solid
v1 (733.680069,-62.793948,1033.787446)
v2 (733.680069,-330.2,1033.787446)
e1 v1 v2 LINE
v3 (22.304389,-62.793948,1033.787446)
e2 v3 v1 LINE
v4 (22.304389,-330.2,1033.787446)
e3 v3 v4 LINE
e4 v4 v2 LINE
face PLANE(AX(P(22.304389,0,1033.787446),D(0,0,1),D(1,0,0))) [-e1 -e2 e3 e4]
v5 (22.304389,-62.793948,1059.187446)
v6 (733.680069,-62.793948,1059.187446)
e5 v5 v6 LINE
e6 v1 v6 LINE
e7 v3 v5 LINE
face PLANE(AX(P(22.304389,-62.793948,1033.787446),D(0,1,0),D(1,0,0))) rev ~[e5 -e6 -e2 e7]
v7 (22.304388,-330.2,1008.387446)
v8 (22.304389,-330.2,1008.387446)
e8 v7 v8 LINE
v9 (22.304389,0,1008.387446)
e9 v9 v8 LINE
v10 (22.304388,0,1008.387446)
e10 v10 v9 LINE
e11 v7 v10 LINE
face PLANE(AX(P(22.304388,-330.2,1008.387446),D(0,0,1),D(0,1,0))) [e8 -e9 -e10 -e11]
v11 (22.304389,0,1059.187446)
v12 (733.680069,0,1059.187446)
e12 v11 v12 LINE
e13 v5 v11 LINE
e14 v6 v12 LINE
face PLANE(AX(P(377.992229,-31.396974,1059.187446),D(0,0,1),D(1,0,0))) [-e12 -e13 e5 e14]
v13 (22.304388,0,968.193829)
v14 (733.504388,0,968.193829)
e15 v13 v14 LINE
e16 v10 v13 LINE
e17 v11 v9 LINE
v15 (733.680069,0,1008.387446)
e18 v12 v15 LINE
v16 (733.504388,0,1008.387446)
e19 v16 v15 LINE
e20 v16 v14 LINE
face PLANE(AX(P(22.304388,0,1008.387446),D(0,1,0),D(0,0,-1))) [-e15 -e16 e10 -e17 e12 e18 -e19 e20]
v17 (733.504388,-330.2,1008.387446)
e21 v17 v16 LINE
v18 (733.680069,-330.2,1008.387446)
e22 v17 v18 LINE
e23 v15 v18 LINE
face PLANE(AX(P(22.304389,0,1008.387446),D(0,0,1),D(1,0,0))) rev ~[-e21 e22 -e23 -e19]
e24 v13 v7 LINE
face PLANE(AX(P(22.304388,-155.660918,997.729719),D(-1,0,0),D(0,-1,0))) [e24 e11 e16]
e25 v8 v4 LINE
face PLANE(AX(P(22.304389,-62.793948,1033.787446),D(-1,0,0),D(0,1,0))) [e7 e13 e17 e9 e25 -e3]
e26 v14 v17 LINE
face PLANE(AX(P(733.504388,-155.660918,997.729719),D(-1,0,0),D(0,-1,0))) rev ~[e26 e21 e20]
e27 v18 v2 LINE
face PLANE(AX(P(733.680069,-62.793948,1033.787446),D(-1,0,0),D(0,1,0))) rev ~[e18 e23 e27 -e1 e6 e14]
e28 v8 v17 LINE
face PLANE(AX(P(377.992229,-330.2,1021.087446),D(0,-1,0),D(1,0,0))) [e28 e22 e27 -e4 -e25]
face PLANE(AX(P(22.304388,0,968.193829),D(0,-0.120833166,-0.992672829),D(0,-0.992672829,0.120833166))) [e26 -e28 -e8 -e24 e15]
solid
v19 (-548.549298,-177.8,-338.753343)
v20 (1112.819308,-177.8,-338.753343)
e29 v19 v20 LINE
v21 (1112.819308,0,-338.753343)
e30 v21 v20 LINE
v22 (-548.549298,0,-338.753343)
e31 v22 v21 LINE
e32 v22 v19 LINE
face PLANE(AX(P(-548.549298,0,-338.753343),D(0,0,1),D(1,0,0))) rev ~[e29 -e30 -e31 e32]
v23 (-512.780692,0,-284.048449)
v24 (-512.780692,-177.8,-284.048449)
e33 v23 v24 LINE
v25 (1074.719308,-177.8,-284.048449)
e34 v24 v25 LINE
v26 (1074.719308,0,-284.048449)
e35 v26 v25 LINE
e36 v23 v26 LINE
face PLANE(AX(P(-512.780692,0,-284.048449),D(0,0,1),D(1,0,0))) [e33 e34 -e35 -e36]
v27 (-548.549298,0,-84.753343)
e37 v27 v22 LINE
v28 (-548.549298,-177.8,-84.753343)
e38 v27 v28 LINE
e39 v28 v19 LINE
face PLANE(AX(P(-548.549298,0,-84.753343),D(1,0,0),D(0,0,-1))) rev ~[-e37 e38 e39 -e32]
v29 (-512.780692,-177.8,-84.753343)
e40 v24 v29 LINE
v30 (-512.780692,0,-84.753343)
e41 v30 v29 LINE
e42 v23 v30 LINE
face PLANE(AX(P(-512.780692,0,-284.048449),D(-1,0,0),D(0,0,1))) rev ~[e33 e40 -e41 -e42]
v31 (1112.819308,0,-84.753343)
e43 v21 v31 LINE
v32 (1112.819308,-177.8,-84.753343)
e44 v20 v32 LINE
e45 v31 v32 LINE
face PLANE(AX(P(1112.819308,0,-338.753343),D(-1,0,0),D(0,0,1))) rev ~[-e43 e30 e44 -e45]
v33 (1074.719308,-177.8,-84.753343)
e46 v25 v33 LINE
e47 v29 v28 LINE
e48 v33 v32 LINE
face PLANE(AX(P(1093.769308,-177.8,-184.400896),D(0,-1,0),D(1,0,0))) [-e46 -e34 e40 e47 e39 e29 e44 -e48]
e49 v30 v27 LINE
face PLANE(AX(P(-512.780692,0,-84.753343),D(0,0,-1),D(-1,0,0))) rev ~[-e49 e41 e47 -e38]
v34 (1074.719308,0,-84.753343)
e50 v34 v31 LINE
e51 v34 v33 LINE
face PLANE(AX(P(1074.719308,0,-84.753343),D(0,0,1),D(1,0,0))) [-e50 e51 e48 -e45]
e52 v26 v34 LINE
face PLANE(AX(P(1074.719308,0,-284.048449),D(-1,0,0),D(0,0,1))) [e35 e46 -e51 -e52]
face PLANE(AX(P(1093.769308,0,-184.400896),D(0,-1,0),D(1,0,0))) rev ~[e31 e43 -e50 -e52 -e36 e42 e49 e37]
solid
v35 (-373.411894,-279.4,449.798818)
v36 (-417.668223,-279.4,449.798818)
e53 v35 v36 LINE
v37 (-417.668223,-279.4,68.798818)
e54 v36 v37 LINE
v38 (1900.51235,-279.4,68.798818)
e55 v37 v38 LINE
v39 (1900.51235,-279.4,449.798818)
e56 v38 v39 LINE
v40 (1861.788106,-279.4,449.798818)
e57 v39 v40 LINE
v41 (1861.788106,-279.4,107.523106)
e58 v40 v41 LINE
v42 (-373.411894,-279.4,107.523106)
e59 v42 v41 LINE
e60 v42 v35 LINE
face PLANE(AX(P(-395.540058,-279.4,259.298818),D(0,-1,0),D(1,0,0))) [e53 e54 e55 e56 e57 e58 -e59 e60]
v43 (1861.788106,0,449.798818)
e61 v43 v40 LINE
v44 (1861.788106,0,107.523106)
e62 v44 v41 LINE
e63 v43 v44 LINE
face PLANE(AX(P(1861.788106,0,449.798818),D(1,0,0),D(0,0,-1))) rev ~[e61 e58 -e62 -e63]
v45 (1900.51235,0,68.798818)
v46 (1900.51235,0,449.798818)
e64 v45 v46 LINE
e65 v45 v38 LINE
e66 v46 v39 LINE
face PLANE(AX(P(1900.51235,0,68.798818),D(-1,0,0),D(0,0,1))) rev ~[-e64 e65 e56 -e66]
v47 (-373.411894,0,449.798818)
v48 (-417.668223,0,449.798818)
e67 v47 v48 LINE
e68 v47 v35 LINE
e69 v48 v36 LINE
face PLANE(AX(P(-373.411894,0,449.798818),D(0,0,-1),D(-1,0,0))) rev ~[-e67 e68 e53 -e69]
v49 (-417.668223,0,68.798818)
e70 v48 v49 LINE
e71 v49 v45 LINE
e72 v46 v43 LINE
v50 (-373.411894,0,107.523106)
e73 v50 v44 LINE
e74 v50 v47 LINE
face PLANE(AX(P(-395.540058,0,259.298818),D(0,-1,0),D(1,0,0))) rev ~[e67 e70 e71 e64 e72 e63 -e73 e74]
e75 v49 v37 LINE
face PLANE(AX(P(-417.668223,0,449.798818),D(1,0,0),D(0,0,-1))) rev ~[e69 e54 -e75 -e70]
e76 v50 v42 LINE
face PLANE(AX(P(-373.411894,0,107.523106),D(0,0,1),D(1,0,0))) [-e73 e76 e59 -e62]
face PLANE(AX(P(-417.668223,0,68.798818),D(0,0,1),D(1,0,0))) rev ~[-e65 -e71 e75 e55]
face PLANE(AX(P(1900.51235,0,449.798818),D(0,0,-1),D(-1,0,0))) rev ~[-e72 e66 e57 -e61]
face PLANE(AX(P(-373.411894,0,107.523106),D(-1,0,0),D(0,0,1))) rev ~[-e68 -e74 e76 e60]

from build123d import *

# Parameters (mm, degrees)
F0_W     = 38.1
F0_H     = 199.295106
F0_W_2   = 1587.5
F0_H_2   = 54.704894
F1_DEPTH = 177.8
F2_W     = 2235.2
F2_H     = 38.724288
F3_DEPTH = 279.4
F4_W     = 711.375681
F4_H     = 25.4
F5_DEPTH = 330.2
F6_W     = 711.375681
F6_H     = 62.793948
F7_DEPTH = 25.4
F9_DEPTH = 711.2


with BuildPart() as f1:
    # F0 (on Front) → F1 (new body)
    with BuildSketch(Plane.XZ):
        with Locations((1093.769308, -184.400896)):
            Rectangle(F0_W, F0_H)
        Polygon((-512.780692, -338.753343), (-512.780692, -284.048449), (-512.780692, -84.753343), (-548.549298, -84.753343), (-548.549298, -338.753343), align=None)
        with Locations((280.969308, -311.400896)):
            Rectangle(F0_W_2, F0_H_2)
        with Locations((1093.769308, -311.400896)):
            Rectangle(F0_W, F0_H_2)
    extrude(amount=F1_DEPTH)


with BuildPart() as f3:
    # F2 (on Front) → F3 (new body)
    with BuildSketch(Plane.XZ):
        Polygon((-373.411894, 68.798818), (-373.411894, 107.523106), (-373.411894, 449.798818), (-417.668223, 449.798818), (-417.668223, 68.798818), align=None)
        Polygon((1861.788106, 449.798818), (1861.788106, 107.523106), (1861.788106, 68.798818), (1900.51235, 68.798818), (1900.51235, 449.798818), align=None)
        with Locations((744.188106, 88.160962)):
            Rectangle(F2_W, F2_H)
    extrude(amount=F3_DEPTH)


with BuildPart() as f5:
    # F4 (on Front) → F5 (new body)
    with BuildSketch(Plane.XZ):
        with Locations((377.992229, 1021.087446)):
            Rectangle(F4_W, F4_H)
    extrude(amount=F5_DEPTH)

    # F6 (on face) → F7 (join)
    with BuildSketch(Plane.XY.offset(1033.787446)):
        with Locations((377.992229, -31.396974)):
            Rectangle(F6_W, F6_H)
    extrude(amount=F7_DEPTH)

    # F8 (on face) → F9 (join)
    with BuildSketch(Plane(origin=(22.304388, 0, 0), x_dir=(0, -1, 0), z_dir=(-1, 0, 0))):
        Polygon((330.2, 1008.387446), (0, 1008.387446), (0, 968.193829), align=None)
    extrude(amount=-F9_DEPTH)


solid = Compound([f1.part, f3.part, f5.part])
